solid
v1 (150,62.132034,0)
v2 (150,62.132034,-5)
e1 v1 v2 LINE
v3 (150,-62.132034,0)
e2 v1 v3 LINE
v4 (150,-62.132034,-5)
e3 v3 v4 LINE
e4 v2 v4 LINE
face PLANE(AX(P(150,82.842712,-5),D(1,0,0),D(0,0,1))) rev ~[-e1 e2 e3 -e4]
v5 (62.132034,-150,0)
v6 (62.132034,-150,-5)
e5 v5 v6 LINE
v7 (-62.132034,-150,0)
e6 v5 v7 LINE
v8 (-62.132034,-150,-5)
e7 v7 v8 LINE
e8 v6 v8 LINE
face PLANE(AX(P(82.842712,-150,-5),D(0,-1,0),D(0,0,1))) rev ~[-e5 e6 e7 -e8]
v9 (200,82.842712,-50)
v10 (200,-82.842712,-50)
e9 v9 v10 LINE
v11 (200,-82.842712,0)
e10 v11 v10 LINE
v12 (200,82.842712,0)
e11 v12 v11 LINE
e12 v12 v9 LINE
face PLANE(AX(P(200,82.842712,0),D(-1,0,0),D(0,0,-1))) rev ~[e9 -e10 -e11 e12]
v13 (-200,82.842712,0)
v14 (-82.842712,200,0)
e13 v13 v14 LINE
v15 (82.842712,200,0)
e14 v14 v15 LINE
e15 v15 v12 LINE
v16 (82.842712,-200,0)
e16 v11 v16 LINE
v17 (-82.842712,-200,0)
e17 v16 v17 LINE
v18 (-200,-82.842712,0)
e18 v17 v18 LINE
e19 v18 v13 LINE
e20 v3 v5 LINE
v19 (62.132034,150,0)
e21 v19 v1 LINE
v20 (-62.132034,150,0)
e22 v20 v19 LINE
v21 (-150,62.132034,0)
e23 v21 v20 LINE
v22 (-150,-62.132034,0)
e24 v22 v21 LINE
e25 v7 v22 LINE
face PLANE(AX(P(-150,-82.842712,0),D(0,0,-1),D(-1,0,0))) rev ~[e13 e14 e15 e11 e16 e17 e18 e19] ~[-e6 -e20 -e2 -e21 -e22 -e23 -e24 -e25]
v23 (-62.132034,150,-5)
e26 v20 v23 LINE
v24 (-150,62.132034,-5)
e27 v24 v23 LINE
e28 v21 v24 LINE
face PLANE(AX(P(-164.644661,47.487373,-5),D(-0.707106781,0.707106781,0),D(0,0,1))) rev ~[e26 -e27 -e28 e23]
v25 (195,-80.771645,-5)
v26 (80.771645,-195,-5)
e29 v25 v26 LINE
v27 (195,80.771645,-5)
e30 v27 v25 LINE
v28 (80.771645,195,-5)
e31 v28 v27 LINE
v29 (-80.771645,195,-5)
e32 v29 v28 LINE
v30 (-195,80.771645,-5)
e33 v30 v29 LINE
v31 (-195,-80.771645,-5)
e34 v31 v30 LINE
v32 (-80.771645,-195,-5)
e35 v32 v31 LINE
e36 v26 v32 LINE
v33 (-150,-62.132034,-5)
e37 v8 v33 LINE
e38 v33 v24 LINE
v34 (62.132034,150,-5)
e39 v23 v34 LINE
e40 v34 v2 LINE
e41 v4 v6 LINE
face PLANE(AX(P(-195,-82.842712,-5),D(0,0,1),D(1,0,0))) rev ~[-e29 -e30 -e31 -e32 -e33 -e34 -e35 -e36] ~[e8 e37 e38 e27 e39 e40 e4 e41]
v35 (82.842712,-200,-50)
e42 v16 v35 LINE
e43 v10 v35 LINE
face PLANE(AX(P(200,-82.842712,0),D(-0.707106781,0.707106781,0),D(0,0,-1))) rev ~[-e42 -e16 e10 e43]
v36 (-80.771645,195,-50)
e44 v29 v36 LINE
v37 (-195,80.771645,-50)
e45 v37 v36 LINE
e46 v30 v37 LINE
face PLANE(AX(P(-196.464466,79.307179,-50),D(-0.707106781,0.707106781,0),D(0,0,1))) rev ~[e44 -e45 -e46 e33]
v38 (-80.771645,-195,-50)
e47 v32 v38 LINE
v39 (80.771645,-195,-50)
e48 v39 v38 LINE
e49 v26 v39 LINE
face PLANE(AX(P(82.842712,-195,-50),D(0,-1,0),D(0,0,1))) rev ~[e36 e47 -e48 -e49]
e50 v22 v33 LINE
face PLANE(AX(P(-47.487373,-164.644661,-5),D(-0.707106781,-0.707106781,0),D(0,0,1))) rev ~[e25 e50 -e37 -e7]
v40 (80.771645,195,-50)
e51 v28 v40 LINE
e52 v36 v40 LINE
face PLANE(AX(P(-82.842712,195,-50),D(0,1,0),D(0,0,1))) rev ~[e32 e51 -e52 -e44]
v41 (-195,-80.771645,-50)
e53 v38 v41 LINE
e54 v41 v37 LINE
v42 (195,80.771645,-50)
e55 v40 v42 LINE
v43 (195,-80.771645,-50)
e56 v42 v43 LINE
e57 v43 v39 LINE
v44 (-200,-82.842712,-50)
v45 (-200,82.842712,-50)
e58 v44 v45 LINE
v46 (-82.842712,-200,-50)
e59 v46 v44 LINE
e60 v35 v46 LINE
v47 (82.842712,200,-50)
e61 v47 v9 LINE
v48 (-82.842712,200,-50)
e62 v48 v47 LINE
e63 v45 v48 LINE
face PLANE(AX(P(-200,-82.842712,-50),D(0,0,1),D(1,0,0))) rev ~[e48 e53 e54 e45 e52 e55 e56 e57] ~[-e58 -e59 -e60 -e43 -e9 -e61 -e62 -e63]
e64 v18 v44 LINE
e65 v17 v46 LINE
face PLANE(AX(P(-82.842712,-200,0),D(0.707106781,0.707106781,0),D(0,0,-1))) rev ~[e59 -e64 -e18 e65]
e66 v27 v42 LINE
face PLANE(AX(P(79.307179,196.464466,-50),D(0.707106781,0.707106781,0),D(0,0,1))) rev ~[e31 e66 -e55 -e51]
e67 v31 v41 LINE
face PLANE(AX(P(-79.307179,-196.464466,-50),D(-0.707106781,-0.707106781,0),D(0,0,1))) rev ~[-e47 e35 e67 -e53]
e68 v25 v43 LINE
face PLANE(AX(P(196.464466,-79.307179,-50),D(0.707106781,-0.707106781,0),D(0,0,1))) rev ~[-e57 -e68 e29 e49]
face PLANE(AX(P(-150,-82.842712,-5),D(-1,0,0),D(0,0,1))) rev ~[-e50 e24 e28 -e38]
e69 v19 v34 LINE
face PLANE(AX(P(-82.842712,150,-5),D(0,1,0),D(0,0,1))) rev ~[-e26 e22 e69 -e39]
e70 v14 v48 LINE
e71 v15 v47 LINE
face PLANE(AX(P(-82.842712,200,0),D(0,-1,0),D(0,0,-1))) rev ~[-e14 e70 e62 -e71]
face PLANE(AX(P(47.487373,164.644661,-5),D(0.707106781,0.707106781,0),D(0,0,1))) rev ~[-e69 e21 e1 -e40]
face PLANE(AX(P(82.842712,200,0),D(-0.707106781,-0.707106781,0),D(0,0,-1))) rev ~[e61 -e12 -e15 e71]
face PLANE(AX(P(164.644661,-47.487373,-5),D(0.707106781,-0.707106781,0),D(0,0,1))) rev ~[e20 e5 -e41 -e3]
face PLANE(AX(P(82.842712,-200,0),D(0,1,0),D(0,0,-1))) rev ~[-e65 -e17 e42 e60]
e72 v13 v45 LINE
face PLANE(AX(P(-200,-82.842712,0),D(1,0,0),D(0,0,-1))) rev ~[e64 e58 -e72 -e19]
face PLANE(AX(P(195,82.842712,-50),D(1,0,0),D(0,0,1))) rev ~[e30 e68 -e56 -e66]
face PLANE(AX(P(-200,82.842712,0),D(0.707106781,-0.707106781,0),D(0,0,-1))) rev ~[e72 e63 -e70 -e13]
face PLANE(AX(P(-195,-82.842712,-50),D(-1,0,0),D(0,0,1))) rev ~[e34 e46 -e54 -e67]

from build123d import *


with BuildPart() as f2:
    # F2: sweep along a path in F0
    with BuildLine(Plane.XY) as f2_path:
        Line((-200, -82.8427124746), (-200, 82.8427124746))
        Line((-200, 82.8427124746), (-82.8427124746, 200))
        Line((-82.8427124746, 200), (82.8427124746, 200))
        Line((82.8427124746, 200), (200, 82.8427124746))
        Line((200, 82.8427124746), (200, -82.8427124746))
        Line((200, -82.8427124746), (82.8427124746, -200))
        Line((82.8427124746, -200), (-82.8427124746, -200))
        Line((-82.8427124746, -200), (-200, -82.8427124746))
    # F1 (on Front) → F2 (sweep)
    with BuildSketch(Plane.XZ):
        Polygon((-150, 0), (-200, 0), (-200, -50), (-195, -50), (-195, -5), (-150, -5), align=None)
    sweep(path=f2_path.line, transition=Transition.RIGHT)


solid = f2.part
